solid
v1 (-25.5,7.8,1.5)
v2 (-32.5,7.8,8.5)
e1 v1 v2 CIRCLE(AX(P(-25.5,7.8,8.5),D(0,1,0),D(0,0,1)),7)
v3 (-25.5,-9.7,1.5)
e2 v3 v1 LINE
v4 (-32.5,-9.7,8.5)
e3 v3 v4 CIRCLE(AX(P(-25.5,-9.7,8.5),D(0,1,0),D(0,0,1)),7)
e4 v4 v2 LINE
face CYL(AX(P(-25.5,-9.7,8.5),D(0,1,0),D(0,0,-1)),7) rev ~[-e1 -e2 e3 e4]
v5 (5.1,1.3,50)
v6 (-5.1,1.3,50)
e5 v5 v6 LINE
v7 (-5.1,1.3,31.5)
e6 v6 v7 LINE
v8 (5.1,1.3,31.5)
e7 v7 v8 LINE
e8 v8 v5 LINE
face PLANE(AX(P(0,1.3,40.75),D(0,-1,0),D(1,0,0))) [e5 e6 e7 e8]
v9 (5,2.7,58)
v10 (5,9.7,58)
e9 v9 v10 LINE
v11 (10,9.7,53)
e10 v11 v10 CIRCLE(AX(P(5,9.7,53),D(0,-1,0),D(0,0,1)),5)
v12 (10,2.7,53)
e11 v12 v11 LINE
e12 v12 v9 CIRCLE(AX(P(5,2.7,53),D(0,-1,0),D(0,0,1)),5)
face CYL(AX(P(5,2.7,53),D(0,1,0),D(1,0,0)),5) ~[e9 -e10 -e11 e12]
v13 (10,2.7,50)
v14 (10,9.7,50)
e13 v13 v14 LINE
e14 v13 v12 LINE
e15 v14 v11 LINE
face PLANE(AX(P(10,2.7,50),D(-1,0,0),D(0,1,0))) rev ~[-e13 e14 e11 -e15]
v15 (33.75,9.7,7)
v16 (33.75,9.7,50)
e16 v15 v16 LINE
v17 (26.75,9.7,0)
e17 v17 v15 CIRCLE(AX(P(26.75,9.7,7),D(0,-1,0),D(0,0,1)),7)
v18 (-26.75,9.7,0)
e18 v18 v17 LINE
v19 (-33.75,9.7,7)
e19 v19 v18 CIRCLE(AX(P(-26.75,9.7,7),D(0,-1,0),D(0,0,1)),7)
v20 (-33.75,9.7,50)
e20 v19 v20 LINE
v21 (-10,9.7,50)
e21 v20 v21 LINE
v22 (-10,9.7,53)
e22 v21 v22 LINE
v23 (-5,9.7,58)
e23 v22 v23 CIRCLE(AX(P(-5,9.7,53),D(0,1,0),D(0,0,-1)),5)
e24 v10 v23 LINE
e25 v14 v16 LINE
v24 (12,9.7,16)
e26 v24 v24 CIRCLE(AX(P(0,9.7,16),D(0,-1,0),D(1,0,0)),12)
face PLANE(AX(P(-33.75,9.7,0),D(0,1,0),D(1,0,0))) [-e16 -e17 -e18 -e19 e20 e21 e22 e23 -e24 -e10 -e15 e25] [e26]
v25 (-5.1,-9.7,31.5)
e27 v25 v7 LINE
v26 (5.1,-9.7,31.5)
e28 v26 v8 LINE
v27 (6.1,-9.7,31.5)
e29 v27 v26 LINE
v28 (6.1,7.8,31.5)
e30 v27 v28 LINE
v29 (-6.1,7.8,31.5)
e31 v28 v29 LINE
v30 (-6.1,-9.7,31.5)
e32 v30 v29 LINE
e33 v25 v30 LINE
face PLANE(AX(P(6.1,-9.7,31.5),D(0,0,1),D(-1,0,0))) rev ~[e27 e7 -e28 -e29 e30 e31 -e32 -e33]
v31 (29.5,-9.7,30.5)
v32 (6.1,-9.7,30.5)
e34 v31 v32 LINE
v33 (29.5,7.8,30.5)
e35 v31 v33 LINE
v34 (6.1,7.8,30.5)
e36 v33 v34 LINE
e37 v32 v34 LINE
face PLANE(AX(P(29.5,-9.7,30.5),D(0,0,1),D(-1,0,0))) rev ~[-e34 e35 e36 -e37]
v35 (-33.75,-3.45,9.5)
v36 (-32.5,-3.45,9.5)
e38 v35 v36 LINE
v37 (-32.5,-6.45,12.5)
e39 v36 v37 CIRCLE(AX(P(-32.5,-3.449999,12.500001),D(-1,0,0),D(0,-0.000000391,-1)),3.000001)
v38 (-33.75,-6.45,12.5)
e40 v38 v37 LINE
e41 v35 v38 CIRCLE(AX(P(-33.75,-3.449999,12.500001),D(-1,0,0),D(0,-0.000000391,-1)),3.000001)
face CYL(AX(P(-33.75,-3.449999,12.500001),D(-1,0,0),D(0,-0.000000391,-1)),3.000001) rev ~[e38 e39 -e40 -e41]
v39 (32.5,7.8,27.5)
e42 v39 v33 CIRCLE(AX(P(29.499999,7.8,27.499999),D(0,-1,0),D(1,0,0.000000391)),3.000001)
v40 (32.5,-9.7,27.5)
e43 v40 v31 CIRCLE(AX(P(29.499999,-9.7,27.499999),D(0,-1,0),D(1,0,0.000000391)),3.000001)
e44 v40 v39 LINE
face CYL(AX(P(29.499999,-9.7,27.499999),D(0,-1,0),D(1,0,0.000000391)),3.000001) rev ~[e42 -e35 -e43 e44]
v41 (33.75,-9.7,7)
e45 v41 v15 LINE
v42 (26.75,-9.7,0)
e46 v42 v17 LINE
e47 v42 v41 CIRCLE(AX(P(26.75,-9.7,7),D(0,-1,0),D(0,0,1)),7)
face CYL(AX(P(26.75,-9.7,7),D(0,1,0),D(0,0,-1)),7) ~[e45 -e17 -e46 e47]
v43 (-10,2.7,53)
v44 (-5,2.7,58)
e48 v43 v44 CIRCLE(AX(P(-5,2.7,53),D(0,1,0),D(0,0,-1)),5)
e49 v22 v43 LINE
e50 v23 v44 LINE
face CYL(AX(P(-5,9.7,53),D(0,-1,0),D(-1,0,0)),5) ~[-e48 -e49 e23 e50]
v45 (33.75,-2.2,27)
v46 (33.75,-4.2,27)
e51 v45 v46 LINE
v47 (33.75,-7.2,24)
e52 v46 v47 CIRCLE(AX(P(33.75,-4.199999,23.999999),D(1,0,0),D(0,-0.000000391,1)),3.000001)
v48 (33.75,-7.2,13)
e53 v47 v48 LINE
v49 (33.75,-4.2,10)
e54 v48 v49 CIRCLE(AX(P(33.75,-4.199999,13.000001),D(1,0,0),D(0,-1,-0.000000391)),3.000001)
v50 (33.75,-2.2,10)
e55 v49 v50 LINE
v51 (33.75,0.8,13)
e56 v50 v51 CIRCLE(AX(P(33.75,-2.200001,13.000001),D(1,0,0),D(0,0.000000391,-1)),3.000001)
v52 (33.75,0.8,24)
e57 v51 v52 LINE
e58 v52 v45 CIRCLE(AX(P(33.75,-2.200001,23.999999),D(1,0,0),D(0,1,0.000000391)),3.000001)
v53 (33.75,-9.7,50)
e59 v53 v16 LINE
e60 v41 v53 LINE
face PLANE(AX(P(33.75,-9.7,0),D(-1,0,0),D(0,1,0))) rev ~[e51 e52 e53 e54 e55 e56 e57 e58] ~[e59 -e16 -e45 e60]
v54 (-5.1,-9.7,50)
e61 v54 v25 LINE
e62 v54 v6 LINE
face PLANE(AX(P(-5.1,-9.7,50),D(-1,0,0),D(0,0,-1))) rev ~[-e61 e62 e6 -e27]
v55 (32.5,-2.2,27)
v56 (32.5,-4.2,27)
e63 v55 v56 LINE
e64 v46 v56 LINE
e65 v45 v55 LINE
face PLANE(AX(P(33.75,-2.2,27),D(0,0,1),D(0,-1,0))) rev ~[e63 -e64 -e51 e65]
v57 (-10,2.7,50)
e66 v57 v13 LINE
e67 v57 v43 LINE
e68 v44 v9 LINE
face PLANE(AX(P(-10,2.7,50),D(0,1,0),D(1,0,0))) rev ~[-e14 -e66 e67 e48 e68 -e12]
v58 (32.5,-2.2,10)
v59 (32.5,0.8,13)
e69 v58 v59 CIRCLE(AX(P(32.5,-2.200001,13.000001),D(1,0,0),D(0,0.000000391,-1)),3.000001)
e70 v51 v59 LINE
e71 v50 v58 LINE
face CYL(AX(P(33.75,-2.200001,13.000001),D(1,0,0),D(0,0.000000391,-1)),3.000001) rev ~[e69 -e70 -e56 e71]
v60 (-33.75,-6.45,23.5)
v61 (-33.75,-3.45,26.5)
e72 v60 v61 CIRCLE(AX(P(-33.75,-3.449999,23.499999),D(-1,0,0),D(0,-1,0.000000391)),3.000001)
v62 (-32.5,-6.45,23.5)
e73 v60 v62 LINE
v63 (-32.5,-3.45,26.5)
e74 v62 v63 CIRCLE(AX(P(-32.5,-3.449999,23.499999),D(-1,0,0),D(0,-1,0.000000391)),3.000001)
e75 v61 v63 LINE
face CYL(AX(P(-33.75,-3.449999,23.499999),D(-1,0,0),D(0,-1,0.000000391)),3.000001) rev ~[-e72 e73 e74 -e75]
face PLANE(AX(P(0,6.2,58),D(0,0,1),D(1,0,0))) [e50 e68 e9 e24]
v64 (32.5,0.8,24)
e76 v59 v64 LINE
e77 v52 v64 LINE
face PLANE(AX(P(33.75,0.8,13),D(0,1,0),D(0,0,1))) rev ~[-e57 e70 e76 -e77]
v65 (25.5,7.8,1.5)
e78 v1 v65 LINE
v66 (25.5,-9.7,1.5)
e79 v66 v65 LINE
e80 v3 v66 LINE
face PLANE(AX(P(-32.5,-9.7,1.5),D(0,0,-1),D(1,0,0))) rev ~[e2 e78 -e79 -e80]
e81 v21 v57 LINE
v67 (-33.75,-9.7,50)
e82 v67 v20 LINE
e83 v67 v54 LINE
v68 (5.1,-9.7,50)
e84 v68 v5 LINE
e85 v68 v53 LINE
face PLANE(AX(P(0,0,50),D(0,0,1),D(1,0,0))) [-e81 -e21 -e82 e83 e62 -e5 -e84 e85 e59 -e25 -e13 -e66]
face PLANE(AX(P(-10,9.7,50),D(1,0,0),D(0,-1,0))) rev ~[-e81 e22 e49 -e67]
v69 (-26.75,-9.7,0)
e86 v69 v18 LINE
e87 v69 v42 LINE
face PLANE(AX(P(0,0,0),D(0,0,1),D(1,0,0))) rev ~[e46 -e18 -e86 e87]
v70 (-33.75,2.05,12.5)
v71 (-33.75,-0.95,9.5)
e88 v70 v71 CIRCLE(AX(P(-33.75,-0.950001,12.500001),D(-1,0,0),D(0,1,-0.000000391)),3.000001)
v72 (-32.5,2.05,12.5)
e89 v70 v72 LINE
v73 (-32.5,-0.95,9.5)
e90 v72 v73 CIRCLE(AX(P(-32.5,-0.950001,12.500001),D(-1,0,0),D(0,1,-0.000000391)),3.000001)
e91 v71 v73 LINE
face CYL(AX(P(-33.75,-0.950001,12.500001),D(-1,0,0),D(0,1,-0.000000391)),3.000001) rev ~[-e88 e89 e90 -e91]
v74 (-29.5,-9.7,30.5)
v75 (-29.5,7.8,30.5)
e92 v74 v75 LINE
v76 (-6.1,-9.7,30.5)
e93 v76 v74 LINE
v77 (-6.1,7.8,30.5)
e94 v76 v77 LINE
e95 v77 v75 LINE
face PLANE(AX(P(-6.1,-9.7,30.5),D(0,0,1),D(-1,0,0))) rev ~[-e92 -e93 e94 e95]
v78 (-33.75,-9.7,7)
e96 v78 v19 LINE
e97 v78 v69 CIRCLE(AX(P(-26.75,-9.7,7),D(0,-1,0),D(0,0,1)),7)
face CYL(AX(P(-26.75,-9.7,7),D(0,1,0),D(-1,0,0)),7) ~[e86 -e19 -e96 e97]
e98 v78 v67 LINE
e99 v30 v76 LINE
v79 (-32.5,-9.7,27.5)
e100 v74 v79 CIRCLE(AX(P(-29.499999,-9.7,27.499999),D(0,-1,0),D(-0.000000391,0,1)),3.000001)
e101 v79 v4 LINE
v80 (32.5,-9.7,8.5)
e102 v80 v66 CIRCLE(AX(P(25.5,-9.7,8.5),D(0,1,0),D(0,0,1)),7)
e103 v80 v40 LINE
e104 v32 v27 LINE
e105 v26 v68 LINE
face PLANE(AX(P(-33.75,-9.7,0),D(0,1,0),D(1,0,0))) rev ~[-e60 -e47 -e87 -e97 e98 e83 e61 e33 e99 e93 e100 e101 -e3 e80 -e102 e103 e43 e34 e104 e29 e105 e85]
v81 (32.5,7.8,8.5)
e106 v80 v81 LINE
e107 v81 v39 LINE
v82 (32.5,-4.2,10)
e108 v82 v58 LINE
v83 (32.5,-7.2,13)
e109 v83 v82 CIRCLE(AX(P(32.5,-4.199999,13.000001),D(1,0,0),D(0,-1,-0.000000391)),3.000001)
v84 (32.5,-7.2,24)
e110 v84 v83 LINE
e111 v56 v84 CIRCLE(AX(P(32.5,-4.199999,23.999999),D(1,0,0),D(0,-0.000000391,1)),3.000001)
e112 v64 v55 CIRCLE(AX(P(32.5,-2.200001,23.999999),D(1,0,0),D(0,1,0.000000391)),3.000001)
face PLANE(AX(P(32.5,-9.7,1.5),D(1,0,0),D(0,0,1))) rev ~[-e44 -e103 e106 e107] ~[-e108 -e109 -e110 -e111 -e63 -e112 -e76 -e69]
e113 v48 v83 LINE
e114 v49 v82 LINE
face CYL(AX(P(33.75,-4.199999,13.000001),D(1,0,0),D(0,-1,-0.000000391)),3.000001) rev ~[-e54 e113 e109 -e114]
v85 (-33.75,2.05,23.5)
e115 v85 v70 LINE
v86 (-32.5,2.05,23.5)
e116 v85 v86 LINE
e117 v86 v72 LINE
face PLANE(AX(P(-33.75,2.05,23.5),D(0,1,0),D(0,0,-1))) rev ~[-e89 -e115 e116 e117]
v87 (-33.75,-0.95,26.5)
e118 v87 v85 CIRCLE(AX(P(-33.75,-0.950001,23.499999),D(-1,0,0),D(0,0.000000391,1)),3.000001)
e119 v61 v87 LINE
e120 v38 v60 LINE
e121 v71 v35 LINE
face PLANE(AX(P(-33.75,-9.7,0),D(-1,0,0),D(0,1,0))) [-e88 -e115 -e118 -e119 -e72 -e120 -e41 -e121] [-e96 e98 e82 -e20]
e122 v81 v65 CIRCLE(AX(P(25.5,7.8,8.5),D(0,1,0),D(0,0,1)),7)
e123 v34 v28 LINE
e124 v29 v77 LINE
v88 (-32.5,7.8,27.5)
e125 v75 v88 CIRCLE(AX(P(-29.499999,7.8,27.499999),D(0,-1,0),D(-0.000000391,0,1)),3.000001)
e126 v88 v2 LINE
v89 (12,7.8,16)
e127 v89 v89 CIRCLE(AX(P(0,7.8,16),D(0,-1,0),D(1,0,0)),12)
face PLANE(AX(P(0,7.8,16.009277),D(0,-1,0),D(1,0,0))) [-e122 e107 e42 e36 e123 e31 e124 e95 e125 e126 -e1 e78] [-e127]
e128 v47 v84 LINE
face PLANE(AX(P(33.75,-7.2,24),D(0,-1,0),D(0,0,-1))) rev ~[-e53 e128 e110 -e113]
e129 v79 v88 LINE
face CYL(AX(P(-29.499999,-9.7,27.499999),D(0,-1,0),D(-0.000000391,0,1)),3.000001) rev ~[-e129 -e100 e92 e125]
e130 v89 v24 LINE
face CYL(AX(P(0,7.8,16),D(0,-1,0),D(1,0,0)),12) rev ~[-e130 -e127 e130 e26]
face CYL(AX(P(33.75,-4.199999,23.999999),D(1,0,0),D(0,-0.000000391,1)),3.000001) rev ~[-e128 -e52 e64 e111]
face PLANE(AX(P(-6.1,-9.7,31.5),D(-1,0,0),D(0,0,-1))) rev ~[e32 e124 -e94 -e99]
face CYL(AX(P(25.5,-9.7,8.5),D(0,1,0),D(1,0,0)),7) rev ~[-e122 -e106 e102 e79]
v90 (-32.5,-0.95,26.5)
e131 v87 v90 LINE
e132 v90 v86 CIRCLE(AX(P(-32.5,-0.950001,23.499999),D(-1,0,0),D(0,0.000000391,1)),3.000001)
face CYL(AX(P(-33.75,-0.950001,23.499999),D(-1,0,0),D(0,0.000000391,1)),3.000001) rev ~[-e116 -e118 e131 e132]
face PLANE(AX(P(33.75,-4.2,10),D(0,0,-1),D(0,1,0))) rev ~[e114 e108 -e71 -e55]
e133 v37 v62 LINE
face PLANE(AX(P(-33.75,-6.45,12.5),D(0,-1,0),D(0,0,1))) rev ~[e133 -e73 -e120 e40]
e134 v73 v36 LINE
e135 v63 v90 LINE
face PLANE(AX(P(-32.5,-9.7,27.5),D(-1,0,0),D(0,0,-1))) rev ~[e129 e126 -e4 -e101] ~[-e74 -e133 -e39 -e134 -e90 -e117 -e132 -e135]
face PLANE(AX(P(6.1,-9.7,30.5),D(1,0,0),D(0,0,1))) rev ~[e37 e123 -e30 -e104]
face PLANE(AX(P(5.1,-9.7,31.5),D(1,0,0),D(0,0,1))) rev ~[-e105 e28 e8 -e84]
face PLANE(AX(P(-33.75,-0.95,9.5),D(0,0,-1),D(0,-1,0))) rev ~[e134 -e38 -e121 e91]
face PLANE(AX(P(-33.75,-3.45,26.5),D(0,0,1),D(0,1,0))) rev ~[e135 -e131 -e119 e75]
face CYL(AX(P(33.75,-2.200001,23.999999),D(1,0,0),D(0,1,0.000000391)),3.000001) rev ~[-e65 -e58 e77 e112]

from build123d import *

# Parameters (mm, degrees)
F0_W      = 67.5
F0_H      = 19.4
F1_DEPTH  = 50
F3_DEPTH  = 17.5
F4_R      = 12
F5_DEPTH  = 1.9
F7_DEPTH  = 1.25
F8_DEPTH  = 11
F9_R      = 7
F11_DEPTH = 8
F12_R     = 5
F14_DEPTH = 1.25


with BuildPart() as f1:
    # F0 (on Top) → F1 (new body)
    with BuildSketch(Plane.XY):
        Rectangle(F0_W, F0_H)
    extrude(amount=F1_DEPTH)

    # F2 (on face) → F3 (cut)
    with BuildSketch(Plane.XZ.offset(9.7)):
        with BuildLine():
            Line((-6.1, 31.5), (-6.1, 30.5))
            Line((-6.1, 30.5), (-29.5, 30.5))
            ThreePointArc((-29.5, 30.5), (-31.62132, 29.62132), (-32.5, 27.5))
            Line((-32.5, 27.5), (-32.5, 1.5))
            Line((-32.5, 1.5), (0, 1.5))
            Line((0, 1.5), (32.5, 1.5))
            Line((32.5, 1.5), (32.5, 27.5))
            ThreePointArc((32.5, 27.5), (31.62132, 29.62132), (29.5, 30.5))
            Line((29.5, 30.5), (6.1, 30.5))
            Line((6.1, 30.5), (6.1, 31.5))
            Line((6.1, 31.5), (5.1, 31.5))
            Line((5.1, 31.5), (0, 31.5))
            Line((0, 31.5), (-5.1, 31.5))
            Line((-5.1, 31.5), (-6.1, 31.5))
        make_face()
    extrude(amount=-F3_DEPTH, mode=Mode.SUBTRACT)

    # F4 (on face) → F5 (cut, through all)
    with BuildSketch(Plane.XZ.offset(-7.8)):
        with Locations((0, 16)):
            Circle(F4_R)
    extrude(amount=-F5_DEPTH, mode=Mode.SUBTRACT)

    # F6 (on face) → F7 (cut, through all)
    with BuildSketch(Plane(origin=(-33.75, 0, 0), x_dir=(0, -1, 0), z_dir=(-1, 0, 0))):
        with BuildLine():
            Line((3.45, 26.5), (0.95, 26.5))
            ThreePointArc((0.95, 26.5), (-1.17132, 25.62132), (-2.05, 23.5))
            Line((-2.05, 23.5), (-2.05, 12.5))
            ThreePointArc((-2.05, 12.5), (-1.17132, 10.37868), (0.95, 9.5))
            Line((0.95, 9.5), (3.45, 9.5))
            ThreePointArc((3.45, 9.5), (5.57132, 10.37868), (6.45, 12.5))
            Line((6.45, 12.5), (6.45, 23.5))
            ThreePointArc((6.45, 23.5), (5.57132, 25.62132), (3.45, 26.5))
        make_face()
    extrude(amount=-F7_DEPTH, mode=Mode.SUBTRACT)

    # F2 (on face) → F8 (cut)
    with BuildSketch(Plane.XZ.offset(9.7)):
        Polygon((-5.1, 50), (-5.1, 31.5), (0, 31.5), (5.1, 31.5), (5.1, 50), (0, 50), align=None)
    extrude(amount=-F8_DEPTH, mode=Mode.SUBTRACT)

    # F9
    f9_edges = [f1.edges().sort_by_distance(p)[0] for p in [
        (32.5, -0.95, 1.5),
        (-33.75, 0, 0),
        (-32.5, -0.95, 1.5),
        (33.75, 0, 0),
    ]]
    fillet(f9_edges, radius=F9_R)

    # F10 (on face) → F11 (join)
    with BuildSketch(Plane.XY.offset(50)):
        Polygon((10, 9.7), (0, 9.7), (-10, 9.7), (-10, 2.7), (0, 2.7), (10, 2.7), align=None)
    extrude(amount=F11_DEPTH)

    # F12
    f12_edges = [f1.edges().sort_by_distance(p)[0] for p in [
        (10, 6.2, 58),
        (-10, 6.2, 58),
    ]]
    fillet(f12_edges, radius=F12_R)

    # F13 (on face) → F14 (cut, through all)
    with BuildSketch(Plane.YZ.offset(33.75)):
        with BuildLine():
            Line((-2.2, 27), (-4.2, 27))
            ThreePointArc((-4.2, 27), (-6.32132, 26.12132), (-7.2, 24))
            Line((-7.2, 24), (-7.2, 13))
            ThreePointArc((-7.2, 13), (-6.32132, 10.87868), (-4.2, 10))
            Line((-4.2, 10), (-2.2, 10))
            ThreePointArc((-2.2, 10), (-0.07868, 10.87868), (0.8, 13))
            Line((0.8, 13), (0.8, 24))
            ThreePointArc((0.8, 24), (-0.07868, 26.12132), (-2.2, 27))
        make_face()
    extrude(amount=-F14_DEPTH, mode=Mode.SUBTRACT)


solid = f1.part
